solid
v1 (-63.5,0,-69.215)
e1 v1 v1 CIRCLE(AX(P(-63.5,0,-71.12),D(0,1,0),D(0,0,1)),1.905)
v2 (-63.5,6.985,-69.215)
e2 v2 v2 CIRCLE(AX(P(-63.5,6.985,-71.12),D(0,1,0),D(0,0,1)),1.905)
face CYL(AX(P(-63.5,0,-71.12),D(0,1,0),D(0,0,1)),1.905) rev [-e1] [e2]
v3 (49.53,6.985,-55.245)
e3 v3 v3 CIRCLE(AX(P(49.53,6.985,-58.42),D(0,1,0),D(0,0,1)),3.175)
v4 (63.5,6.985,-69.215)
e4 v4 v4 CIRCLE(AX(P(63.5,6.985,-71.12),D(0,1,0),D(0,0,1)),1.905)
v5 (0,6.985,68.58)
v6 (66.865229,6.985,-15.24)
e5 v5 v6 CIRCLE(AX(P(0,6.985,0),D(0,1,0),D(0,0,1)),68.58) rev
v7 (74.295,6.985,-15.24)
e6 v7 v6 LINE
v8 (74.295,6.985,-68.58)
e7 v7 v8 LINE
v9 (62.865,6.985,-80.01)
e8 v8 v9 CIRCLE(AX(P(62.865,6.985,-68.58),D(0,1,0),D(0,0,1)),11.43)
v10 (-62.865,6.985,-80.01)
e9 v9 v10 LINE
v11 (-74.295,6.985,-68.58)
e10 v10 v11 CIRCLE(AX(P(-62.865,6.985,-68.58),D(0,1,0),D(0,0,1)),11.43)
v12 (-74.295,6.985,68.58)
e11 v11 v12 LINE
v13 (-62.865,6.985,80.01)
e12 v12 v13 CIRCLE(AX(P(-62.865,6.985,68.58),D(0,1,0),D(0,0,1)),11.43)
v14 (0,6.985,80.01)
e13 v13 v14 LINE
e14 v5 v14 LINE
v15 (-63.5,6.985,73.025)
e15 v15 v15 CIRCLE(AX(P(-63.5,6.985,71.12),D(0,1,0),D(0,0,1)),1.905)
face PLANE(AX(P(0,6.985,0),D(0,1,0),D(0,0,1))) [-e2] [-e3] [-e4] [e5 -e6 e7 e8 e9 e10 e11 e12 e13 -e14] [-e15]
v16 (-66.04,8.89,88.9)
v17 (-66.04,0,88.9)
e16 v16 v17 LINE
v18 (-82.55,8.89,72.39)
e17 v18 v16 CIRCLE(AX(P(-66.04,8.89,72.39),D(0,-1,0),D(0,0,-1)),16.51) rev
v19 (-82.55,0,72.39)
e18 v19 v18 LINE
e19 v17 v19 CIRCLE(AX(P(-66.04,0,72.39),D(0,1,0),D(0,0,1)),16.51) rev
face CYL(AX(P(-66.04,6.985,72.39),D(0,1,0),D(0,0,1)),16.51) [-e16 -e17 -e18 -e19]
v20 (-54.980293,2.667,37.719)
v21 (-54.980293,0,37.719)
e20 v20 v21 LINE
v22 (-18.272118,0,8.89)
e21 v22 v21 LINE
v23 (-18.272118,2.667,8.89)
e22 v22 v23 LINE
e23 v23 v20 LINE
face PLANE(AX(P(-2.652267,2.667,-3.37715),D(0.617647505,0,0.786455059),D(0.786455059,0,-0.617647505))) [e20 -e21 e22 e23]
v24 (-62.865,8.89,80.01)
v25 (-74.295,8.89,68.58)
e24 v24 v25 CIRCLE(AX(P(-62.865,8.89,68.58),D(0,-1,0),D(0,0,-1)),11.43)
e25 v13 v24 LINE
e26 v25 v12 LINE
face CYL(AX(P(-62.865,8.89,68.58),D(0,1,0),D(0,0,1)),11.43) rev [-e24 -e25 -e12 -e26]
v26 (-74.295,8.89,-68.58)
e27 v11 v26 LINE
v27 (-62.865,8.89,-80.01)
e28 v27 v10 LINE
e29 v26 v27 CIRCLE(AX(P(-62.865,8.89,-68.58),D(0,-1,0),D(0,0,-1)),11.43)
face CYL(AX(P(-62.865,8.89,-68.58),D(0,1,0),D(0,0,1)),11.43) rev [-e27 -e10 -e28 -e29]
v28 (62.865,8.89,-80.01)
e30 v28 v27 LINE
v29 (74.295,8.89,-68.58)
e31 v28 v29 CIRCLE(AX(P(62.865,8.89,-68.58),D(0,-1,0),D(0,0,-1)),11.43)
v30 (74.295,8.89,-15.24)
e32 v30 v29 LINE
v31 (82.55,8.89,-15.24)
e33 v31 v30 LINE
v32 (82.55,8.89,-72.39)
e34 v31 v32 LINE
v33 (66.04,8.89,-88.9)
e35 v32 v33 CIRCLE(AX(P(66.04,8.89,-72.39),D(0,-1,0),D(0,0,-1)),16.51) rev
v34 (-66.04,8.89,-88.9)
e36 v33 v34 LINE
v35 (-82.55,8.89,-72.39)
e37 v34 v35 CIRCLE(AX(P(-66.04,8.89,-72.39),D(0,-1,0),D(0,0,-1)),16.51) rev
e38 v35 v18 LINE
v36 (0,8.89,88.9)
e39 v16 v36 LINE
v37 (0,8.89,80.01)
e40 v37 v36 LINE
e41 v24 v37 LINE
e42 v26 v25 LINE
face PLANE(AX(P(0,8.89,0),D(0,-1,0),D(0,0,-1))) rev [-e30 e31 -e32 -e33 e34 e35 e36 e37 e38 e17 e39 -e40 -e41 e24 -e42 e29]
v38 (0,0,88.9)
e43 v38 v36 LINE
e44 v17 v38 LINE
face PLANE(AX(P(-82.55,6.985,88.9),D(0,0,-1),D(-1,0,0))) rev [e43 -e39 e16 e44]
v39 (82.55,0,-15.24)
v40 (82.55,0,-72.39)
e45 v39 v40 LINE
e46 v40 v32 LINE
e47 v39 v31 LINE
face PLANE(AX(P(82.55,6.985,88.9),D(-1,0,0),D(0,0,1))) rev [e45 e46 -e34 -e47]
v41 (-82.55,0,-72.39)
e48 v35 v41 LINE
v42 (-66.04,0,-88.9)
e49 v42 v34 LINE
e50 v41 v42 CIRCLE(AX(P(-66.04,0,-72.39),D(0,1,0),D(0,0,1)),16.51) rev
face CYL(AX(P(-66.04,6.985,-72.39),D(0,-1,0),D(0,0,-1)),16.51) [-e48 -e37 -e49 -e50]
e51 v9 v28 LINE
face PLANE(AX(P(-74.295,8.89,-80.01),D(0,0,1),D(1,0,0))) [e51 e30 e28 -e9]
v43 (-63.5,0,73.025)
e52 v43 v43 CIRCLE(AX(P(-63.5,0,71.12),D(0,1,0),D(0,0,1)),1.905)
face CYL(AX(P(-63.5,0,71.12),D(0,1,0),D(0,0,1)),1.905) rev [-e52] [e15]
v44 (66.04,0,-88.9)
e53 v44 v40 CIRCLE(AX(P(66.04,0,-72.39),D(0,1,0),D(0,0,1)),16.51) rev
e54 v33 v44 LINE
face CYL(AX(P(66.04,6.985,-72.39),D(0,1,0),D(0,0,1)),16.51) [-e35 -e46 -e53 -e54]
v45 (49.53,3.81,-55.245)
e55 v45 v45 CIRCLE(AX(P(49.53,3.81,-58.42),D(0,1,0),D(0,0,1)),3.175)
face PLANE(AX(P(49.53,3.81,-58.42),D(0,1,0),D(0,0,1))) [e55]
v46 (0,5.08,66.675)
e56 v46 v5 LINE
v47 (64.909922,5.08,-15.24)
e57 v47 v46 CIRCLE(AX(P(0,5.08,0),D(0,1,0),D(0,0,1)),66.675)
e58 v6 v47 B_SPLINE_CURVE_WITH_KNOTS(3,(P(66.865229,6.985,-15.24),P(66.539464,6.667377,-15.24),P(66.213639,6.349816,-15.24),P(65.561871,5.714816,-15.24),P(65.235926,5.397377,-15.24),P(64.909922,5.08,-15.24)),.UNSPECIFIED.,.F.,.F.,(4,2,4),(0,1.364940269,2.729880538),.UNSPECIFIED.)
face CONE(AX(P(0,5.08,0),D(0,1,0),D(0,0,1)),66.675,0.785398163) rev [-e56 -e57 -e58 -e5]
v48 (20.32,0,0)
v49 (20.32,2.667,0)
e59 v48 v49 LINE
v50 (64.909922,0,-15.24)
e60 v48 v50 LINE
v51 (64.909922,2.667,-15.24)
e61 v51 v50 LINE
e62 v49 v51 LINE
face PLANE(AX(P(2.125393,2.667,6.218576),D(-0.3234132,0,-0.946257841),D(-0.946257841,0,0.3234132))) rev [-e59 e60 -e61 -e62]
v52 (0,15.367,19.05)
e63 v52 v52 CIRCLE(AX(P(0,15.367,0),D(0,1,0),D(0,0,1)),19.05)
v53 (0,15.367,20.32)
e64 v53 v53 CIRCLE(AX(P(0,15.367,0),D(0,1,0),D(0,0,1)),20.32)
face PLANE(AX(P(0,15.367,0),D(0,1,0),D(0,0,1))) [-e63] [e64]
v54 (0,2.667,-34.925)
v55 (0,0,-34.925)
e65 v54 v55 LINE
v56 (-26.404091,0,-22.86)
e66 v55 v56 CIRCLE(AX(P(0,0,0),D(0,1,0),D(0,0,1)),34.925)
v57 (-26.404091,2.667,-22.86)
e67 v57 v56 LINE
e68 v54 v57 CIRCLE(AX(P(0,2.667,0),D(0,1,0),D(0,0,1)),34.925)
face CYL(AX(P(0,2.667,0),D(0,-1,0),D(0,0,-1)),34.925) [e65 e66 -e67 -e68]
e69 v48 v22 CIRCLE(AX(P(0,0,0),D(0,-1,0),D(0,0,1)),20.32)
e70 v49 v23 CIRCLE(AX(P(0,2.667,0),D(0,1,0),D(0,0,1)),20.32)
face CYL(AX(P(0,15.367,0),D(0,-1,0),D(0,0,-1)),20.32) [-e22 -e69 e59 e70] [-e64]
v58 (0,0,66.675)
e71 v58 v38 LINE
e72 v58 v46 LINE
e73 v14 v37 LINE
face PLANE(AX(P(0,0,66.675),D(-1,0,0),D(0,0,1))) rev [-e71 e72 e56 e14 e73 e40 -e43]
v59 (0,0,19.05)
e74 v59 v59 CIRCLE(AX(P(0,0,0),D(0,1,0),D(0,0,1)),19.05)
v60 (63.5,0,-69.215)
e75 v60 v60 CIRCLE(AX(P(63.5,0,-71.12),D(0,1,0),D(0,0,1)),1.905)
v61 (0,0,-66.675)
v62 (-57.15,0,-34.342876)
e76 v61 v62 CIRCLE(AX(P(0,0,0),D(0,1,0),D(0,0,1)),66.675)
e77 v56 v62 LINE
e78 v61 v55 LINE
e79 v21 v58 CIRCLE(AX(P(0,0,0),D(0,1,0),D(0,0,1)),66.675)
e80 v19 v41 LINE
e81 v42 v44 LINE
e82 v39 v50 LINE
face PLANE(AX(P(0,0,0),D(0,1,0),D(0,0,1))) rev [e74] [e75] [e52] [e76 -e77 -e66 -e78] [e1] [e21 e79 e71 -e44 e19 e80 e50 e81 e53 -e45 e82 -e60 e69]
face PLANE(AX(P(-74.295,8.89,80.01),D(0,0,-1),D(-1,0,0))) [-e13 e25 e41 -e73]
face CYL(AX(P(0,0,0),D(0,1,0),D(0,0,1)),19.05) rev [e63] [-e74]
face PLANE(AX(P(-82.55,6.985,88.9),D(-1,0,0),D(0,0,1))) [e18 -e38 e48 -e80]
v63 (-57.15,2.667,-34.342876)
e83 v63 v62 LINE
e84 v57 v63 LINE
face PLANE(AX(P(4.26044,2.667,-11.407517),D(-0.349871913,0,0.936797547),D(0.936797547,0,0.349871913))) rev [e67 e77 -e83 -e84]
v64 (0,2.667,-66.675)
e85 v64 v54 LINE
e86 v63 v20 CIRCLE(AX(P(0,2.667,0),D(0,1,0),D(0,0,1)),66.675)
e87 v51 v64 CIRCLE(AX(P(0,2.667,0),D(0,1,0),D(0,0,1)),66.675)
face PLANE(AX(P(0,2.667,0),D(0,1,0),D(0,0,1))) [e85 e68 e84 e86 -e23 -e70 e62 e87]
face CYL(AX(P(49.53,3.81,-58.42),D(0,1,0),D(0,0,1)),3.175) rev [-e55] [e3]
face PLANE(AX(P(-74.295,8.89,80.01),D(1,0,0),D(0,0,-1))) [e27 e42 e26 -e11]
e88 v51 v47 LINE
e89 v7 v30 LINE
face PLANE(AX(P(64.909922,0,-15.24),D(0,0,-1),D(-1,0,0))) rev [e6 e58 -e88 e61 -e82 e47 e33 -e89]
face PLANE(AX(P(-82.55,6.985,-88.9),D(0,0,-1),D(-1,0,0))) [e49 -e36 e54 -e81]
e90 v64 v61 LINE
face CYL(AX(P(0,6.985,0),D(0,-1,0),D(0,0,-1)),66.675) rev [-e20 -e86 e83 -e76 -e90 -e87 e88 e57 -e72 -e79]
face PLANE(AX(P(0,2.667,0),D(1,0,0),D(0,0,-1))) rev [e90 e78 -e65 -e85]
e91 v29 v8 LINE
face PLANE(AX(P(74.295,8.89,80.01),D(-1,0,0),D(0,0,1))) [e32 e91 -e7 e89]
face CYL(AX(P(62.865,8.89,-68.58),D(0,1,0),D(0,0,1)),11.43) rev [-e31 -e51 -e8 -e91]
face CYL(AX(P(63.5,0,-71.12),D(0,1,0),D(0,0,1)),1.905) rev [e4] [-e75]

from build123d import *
from build123d.topology import SkipClean

# Parameters (mm, degrees)
SKETCH1_R           = 20.32
BOSS_EXTRUDE1_DEPTH = 15.367
SKETCH2_R           = 19.05
CUT_EXTRUDE1_DEPTH  = 33.587566479
BOSS_EXTRUDE2_DEPTH = 2.667
CUT_EXTRUDE2_DEPTH  = 96.144107805
SKETCH6_R           = 19.05
CUT_EXTRUDE3_DEPTH  = 96.144107805
SKETCH7_W           = 165.1
SKETCH7_H           = 177.8
SKETCH7_R           = 66.675
BOSS_EXTRUDE3_DEPTH = 6.985
SKETCH10_W          = 165.1
SKETCH10_H          = 177.8
SKETCH10_W_2        = 148.59
SKETCH10_H_2        = 160.02
BOSS_EXTRUDE5_DEPTH = 1.905
CUT_EXTRUDE4_DEPTH  = 122.605799303
CUT_EXTRUDE5_DEPTH  = 122.641870259
FILLET1_R           = 16.51
FILLET2_R           = 11.43
CHAMFER1_SIZE       = 1.905
SKETCH13_R          = 1.905
CUT_EXTRUDE6_DEPTH  = 122.605799303
SKETCH14_R          = 3.175
CUT_EXTRUDE7_DEPTH  = 3.175


with BuildPart() as part:
    # Sketch1 → Boss-Extrude1 (new body)
    with BuildSketch(Plane(origin=(0, 0, 0), x_dir=(1, 0, 0), z_dir=(0, 1, 0))):
        with Locations(Location((0, 0, 0), (0, 0, 270))):
            Circle(SKETCH1_R)
    extrude(amount=BOSS_EXTRUDE1_DEPTH)

    # Sketch2 → Cut-Extrude1 (cut, through all)
    with BuildSketch(Plane(origin=(0, 15.367, 0), x_dir=(1, 0, 0), z_dir=(0, 1, 0))):
        with Locations(Location((0, 0, 0), (0, 0, 270))):
            Circle(SKETCH2_R)
    extrude(amount=-CUT_EXTRUDE1_DEPTH, mode=Mode.SUBTRACT)

    # Sketch3 → Boss-Extrude2 (add)
    with BuildSketch(Plane(origin=(0, 0, 0), x_dir=(1, 0, 0), z_dir=(0, 1, 0))):
        with BuildLine():
            ThreePointArc((64.909922392, 15.24), (41.409109052, 52.25745222), (0, 66.675))
            Line((0, 66.675), (0, 34.925))
            ThreePointArc((0, 34.925), (-14.514994402, 31.765871033), (-26.404091066, 22.86))
            Line((-26.404091066, 22.86), (-57.15, 34.342875899))
            ThreePointArc((-57.15, 34.342875899), (-66.644798483, -2.006604135), (-54.980293415, -37.719))
            Line((-54.980293415, -37.719), (-29.91080298, -18.030515524))
            ThreePointArc((-29.91080298, -18.030515524), (11.688528505, -32.911000082), (34.583107671, 4.874862956))
            Line((34.583107671, 4.874862956), (64.909922392, 15.24))
        make_face()
    extrude(amount=BOSS_EXTRUDE2_DEPTH)

    # Sketch4 → Cut-Extrude2 (cut, through all)
    with SkipClean():  # the faces are left unmerged after this step: merging them gives an invalid solid
        with BuildSketch(Plane(origin=(0, 2.667, 0), x_dir=(1, 0, 0), z_dir=(0, 1, 0))):
            with BuildLine():
                Line((-29.91080298, -18.030515524), (-18.272118104, -8.89))
                ThreePointArc((-18.272118104, -8.89), (4.561412069, -19.801412069), (20.32, 0))
                Line((20.32, 0), (34.583107671, 4.874862956))
                ThreePointArc((34.583107671, 4.874862956), (15.066975095, -42.423579526), (-29.91080298, -18.030515524))
            make_face()
        extrude(amount=-CUT_EXTRUDE2_DEPTH, mode=Mode.SUBTRACT)

    # Sketch6 → Cut-Extrude3 (cut, through all)
    with SkipClean():  # the faces are left unmerged after this step: merging them gives an invalid solid
        with BuildSketch(Plane(origin=(0, 2.667, 0), x_dir=(1, 0, 0), z_dir=(0, 1, 0))):
            with Locations(Location((0, 0, 0), (0, 0, 270))):
                Circle(SKETCH6_R)
        extrude(amount=-CUT_EXTRUDE3_DEPTH, mode=Mode.SUBTRACT)

    # Sketch7 → Boss-Extrude3 (add)
    with SkipClean():  # the faces are left unmerged after this step: merging them gives an invalid solid
        with BuildSketch(Plane(origin=(0, 0, 0), x_dir=(1, 0, 0), z_dir=(0, 1, 0))):
            Rectangle(SKETCH7_W, SKETCH7_H)
            with Locations(Location((0, 0, 0), (0, 0, 90))):
                Circle(SKETCH7_R, mode=Mode.SUBTRACT)
        extrude(amount=BOSS_EXTRUDE3_DEPTH)

    # Sketch10 → Boss-Extrude5 (add)
    with SkipClean():  # the faces are left unmerged after this step: merging them gives an invalid solid
        with BuildSketch(Plane(origin=(0, 6.985, 0), x_dir=(1, 0, 0), z_dir=(0, 1, 0))):
            Rectangle(SKETCH10_W, SKETCH10_H)
            Rectangle(SKETCH10_W_2, SKETCH10_H_2, mode=Mode.SUBTRACT)
        extrude(amount=BOSS_EXTRUDE5_DEPTH)

    # Sketch11 → Cut-Extrude4 (cut, through all)
    with SkipClean():  # the faces are left unmerged after this step: merging them gives an invalid solid
        with BuildSketch(Plane(origin=(0, 6.985, 0), x_dir=(1, 0, 0), z_dir=(0, 1, 0))):
            with BuildLine():
                Line((64.909922392, 15.24), (82.55, 15.24))
                ThreePointArc((82.55, 15.24), (103.174054638, -85.896323799), (0, -88.9))
                Line((0, -88.9), (0, -66.675))
                ThreePointArc((0, -66.675), (26.234384866, -20.788279139), (64.909922392, 15.24))
            make_face()
        extrude(amount=-CUT_EXTRUDE4_DEPTH, mode=Mode.SUBTRACT)

    # Sketch12 → Cut-Extrude5 (cut, through all)
    with SkipClean():  # the faces are left unmerged after this step: merging them gives an invalid solid
        with BuildSketch(Plane(origin=(0, 8.89, 0), x_dir=(1, 0, 0), z_dir=(0, 1, 0))):
            with BuildLine():
                Line((74.295, 15.24), (82.55, 15.24))
                ThreePointArc((82.55, 15.24), (101.289385527, -84.402378772), (0, -88.9))
                Line((0, -88.9), (0, -80.01))
                ThreePointArc((0, -80.01), (30.780955415, -27.419095223), (74.295, 15.24))
            make_face()
        extrude(amount=-CUT_EXTRUDE5_DEPTH, mode=Mode.SUBTRACT)

    # Fillet1
    fillet1_edges = [part.edges().sort_by_distance(p)[0] for p in [
        (82.55, 3.4925, -88.9),
        (-82.55, 3.4925, -88.9),
        (-82.55, 3.4925, 88.9),
    ]]
    fillet(fillet1_edges, radius=FILLET1_R)

    # Fillet2
    fillet2_edges = [part.edges().sort_by_distance(p)[0] for p in [
        (74.295, 7.9375, -80.01),
        (-74.295, 7.9375, -80.01),
        (-74.295, 7.9375, 80.01),
    ]]
    fillet(fillet2_edges, radius=FILLET2_R)

    # Chamfer1
    chamfer1_edges = [part.edges().sort_by_distance(p)[0] for p in [
        (-66.675, 6.985, 0),
    ]]
    chamfer(chamfer1_edges, length=CHAMFER1_SIZE)

    # Sketch13 → Cut-Extrude6 (cut, through all)
    with SkipClean():  # the faces are left unmerged after this step: merging them gives an invalid solid
        with BuildSketch(Plane(origin=(0, 6.985, 0), x_dir=(1, 0, 0), z_dir=(0, 1, 0))):
            with Locations(Location((63.5, 71.12, 0), (0, 0, 270))):
                Circle(SKETCH13_R)
            with Locations(Location((-63.5, 71.12, 0), (0, 0, 270))):
                Circle(SKETCH13_R)
            with Locations(Location((-63.5, -71.12, 0), (0, 0, 270))):
                Circle(SKETCH13_R)
        extrude(amount=-CUT_EXTRUDE6_DEPTH, mode=Mode.SUBTRACT)

    # Sketch14 → Cut-Extrude7 (cut)
    with SkipClean():  # the faces are left unmerged after this step: merging them gives an invalid solid
        with BuildSketch(Plane(origin=(0, 6.985, 0), x_dir=(1, 0, 0), z_dir=(0, 1, 0))):
            with Locations(Location((49.53, 58.42, 0), (0, 0, 270))):
                Circle(SKETCH14_R)
        extrude(amount=-CUT_EXTRUDE7_DEPTH, mode=Mode.SUBTRACT)


solid = part.part
